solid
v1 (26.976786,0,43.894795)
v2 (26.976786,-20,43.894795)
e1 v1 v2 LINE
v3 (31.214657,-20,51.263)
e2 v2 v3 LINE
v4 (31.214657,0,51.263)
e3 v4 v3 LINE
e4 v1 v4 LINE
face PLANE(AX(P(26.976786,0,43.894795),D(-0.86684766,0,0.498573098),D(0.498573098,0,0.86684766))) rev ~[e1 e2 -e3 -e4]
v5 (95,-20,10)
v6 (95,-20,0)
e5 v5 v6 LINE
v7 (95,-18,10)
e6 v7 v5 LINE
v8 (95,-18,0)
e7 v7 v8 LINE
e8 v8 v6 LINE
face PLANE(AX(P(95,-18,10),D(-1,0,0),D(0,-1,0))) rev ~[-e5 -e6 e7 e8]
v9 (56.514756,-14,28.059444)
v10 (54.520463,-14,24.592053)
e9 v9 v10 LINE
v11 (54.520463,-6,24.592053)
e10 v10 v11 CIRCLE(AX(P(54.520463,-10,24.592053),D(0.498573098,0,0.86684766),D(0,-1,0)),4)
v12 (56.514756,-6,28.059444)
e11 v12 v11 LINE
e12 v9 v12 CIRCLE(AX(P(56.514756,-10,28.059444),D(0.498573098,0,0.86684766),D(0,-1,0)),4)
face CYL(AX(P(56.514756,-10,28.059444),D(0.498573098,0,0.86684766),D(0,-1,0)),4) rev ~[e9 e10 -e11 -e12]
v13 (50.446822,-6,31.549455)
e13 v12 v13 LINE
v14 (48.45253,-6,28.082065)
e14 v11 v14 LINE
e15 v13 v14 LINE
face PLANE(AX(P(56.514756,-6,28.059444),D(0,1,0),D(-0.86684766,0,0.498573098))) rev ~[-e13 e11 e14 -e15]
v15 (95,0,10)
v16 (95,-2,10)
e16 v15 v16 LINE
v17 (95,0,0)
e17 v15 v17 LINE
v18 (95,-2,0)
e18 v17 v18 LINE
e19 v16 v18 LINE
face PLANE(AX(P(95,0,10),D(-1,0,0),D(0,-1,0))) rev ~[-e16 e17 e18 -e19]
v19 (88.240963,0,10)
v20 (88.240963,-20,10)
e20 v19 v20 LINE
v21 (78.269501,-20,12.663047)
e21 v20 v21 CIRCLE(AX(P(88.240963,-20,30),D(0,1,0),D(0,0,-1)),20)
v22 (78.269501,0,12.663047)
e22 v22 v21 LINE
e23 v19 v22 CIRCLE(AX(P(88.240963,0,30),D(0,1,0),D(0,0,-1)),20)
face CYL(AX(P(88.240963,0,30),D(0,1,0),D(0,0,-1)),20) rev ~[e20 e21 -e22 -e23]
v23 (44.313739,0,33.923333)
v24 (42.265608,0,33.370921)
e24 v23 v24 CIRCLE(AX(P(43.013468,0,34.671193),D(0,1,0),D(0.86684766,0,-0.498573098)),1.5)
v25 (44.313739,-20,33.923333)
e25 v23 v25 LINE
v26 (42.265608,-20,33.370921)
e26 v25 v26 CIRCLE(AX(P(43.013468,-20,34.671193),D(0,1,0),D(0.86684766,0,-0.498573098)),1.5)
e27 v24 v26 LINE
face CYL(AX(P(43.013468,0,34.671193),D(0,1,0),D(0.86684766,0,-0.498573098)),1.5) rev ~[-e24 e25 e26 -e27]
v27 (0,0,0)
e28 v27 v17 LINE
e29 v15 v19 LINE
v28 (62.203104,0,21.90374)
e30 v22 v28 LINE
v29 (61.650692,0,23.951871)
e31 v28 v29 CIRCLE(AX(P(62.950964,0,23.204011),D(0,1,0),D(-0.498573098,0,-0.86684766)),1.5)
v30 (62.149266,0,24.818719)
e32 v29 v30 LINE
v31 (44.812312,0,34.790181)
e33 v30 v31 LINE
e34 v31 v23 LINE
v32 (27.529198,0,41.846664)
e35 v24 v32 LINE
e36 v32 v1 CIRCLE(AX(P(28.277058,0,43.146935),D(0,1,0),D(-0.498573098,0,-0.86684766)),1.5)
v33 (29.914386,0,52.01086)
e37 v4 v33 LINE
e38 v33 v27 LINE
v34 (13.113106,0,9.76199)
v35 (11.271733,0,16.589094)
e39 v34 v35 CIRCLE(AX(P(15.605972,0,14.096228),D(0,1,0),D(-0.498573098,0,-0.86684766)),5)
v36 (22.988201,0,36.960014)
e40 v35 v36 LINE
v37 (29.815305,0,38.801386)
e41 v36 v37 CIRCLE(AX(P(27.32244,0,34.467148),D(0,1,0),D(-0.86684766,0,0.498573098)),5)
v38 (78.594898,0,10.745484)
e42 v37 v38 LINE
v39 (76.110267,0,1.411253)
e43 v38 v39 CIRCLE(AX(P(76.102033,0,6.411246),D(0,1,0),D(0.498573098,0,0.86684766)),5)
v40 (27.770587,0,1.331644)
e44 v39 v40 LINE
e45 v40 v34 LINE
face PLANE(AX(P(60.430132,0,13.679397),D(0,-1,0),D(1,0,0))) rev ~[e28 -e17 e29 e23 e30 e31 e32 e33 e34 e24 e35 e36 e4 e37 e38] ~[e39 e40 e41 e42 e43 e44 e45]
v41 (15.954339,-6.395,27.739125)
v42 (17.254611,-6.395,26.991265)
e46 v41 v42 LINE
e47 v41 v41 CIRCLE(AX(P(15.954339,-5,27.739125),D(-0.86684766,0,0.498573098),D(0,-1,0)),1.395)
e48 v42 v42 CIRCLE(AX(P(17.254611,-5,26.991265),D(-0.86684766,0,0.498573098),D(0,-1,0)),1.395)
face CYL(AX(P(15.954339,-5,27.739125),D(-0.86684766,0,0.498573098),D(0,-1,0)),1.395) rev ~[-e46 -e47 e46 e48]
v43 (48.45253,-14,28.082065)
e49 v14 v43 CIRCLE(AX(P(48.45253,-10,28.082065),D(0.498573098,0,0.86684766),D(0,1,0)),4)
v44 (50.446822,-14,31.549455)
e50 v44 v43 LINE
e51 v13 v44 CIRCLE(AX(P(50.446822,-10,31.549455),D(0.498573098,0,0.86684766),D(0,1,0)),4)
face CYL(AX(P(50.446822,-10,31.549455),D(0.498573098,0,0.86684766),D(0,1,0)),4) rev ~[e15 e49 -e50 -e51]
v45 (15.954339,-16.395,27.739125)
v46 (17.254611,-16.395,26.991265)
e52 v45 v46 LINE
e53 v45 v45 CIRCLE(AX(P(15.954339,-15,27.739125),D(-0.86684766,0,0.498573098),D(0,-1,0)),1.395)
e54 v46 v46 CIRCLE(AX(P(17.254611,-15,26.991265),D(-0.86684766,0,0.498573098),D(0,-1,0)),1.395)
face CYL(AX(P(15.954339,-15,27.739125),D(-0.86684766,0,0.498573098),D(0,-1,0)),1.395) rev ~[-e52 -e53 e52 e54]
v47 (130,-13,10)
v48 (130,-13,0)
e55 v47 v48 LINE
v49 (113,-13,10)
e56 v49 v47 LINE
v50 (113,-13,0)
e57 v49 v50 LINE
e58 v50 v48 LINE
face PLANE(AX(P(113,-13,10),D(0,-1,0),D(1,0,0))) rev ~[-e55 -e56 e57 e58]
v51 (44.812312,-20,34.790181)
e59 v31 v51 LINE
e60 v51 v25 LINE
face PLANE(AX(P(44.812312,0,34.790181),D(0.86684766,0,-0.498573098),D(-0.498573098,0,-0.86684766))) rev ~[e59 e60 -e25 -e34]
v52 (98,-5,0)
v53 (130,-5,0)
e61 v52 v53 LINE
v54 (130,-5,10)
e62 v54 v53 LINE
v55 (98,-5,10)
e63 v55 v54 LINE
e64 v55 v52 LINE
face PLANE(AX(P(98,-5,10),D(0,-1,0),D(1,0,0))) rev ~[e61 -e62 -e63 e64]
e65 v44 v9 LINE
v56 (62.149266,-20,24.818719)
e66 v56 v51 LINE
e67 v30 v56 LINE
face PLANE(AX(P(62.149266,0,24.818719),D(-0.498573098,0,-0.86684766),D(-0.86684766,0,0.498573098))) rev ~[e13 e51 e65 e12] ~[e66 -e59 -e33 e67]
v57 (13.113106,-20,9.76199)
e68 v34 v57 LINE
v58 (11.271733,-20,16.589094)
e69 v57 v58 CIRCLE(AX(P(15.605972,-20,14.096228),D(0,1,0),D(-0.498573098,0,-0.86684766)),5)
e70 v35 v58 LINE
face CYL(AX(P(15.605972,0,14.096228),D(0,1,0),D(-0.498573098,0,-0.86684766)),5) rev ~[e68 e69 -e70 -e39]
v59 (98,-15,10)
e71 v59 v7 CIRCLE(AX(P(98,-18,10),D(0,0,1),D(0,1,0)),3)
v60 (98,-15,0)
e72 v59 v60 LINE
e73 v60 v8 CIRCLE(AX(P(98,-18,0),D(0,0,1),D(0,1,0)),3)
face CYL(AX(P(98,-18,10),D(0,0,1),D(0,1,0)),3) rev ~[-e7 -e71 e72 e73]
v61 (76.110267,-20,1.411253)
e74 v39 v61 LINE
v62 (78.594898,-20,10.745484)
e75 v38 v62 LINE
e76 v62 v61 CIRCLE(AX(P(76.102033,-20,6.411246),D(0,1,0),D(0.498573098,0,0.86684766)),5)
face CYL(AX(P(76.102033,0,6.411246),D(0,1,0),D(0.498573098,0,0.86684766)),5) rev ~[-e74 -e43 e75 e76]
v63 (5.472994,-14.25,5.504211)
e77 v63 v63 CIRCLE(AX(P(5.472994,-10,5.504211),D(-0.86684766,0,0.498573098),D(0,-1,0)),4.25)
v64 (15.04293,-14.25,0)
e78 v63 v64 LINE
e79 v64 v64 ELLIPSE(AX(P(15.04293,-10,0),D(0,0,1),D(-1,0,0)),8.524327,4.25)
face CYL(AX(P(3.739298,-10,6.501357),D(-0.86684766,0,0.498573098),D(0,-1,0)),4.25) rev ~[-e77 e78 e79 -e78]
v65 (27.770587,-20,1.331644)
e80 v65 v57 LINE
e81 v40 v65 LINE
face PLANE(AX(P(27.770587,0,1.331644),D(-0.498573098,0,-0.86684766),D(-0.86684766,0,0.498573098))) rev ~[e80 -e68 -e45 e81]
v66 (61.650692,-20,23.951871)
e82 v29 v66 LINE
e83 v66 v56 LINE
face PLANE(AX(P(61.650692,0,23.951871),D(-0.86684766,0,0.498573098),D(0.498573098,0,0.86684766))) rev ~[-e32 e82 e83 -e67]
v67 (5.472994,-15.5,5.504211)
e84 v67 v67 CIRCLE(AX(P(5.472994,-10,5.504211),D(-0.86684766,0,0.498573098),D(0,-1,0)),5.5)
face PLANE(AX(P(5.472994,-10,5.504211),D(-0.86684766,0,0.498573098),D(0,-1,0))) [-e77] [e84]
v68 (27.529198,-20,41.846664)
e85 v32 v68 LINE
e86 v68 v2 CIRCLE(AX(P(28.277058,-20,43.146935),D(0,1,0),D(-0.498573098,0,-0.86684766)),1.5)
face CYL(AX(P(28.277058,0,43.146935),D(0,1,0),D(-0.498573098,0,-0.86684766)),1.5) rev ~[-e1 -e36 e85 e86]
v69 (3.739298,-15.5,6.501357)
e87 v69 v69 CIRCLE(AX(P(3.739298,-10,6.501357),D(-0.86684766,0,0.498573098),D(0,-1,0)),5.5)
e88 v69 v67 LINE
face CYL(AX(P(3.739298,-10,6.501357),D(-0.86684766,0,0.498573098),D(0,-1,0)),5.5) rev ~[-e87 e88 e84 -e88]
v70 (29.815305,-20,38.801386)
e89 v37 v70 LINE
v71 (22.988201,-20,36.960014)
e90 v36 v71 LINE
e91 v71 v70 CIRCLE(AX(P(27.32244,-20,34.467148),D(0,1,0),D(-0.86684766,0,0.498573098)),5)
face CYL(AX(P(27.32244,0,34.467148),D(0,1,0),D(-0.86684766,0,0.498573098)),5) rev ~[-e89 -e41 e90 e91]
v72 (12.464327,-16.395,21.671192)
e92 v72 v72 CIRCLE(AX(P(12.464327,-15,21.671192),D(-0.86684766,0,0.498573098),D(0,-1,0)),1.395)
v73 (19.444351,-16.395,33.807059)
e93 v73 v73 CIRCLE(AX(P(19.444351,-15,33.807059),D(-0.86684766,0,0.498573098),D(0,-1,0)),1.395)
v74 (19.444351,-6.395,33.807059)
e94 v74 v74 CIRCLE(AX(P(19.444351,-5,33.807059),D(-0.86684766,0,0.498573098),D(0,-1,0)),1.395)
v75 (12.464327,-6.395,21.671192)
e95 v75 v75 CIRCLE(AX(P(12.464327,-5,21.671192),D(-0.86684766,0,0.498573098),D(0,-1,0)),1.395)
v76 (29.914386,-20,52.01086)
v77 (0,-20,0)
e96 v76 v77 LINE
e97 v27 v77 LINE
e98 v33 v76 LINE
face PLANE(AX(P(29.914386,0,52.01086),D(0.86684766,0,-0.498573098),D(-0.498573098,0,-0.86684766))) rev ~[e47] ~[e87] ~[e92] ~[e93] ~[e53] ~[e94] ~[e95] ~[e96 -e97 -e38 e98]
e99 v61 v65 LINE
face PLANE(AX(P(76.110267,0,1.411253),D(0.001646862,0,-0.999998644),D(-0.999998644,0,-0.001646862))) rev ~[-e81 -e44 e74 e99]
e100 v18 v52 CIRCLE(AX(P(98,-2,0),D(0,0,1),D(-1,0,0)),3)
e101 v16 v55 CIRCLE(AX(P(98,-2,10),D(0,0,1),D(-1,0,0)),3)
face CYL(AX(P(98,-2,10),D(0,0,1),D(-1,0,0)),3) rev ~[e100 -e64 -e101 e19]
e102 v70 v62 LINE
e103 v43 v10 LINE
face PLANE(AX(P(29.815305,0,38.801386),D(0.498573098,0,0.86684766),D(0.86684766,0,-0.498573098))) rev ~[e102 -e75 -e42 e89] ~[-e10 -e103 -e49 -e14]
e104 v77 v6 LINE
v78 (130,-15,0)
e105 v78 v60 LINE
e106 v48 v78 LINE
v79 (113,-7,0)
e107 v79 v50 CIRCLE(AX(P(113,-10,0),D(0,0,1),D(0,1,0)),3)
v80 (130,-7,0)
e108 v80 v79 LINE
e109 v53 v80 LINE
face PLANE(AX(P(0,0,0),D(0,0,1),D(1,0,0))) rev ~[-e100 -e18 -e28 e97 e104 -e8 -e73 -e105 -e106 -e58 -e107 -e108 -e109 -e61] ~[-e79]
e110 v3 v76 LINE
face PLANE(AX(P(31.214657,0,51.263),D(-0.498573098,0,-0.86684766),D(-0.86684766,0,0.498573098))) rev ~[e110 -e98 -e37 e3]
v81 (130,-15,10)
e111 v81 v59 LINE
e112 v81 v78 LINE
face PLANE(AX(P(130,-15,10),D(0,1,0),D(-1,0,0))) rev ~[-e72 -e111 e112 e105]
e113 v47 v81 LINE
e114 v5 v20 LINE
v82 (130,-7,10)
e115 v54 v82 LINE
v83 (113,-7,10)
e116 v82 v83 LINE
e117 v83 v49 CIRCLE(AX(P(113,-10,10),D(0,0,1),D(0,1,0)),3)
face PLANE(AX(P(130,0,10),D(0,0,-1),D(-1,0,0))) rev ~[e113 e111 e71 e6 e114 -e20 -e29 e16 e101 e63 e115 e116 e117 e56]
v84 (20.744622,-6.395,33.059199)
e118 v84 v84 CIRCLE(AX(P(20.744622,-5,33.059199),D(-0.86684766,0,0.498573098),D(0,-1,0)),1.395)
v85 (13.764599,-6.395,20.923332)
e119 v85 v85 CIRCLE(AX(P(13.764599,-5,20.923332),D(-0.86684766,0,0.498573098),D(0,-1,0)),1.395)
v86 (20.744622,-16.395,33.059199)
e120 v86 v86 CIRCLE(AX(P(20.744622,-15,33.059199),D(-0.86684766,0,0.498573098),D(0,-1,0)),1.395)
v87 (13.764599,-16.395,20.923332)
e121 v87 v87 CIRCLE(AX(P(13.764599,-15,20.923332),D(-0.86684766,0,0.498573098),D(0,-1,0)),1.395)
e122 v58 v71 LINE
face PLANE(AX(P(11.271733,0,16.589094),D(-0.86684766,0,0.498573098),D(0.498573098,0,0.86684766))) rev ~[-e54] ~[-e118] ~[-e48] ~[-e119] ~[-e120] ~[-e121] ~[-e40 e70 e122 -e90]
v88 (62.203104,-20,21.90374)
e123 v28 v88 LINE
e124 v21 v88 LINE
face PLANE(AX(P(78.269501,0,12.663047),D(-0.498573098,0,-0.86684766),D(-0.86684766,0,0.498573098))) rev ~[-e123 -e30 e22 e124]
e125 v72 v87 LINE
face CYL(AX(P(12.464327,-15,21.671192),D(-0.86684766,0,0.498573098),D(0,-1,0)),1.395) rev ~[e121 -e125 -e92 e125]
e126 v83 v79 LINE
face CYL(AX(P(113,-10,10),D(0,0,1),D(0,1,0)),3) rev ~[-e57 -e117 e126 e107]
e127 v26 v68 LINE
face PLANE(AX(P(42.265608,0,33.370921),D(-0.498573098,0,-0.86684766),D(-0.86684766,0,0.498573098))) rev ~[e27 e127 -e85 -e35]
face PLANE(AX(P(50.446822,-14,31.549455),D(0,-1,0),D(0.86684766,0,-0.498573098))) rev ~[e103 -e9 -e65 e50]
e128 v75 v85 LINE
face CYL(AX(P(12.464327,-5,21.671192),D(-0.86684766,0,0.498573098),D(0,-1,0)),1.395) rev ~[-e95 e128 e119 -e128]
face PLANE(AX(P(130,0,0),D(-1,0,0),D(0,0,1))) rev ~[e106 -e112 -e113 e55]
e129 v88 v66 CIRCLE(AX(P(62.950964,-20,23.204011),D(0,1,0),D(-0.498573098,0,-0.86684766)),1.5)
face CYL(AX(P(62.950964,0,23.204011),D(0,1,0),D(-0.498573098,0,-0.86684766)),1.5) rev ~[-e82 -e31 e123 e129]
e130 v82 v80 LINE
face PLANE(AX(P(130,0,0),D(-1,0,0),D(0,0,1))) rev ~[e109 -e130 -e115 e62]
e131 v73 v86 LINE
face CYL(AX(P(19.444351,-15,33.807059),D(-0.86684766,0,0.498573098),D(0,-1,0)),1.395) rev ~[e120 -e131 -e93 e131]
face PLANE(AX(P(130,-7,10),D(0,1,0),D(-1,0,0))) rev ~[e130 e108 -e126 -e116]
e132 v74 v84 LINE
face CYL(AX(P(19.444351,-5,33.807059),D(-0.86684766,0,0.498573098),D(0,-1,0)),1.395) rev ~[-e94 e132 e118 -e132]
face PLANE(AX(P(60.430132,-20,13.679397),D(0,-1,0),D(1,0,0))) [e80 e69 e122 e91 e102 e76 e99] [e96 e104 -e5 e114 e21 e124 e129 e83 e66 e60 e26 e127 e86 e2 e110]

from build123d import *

# Parameters (mm, degrees)
F1_DEPTH  = 20
F2_R      = 4.25
F2_R_2    = 1.395
F3_DEPTH  = 30
F2_R_3    = 5.5
F4_DEPTH  = 2
F6_DEPTH  = 25
F8_DEPTH  = 10.001
F10_DEPTH = 15


with BuildPart() as f1:
    # F0 (on Front) → F1 (new body)
    with BuildSketch(Plane.XZ):
        with BuildLine():
            Line((29.9143858576, 52.0108596234), (0, 0))
            Line((0, 0), (130, 0))
            Line((130, 0), (130, 10))
            Line((130, 10), (88.2409628552, 10))
            ThreePointArc((88.2409628552, 10), (83.0804911789, 10.6772276296), (78.2695009027, 12.6630467922))
            Line((78.2695009027, 12.6630467922), (62.2031042781, 21.9037398215))
            ThreePointArc((62.2031042781, 21.9037398215), (61.5027165088, 22.8133971511), (61.650692434, 23.9518709585))
            Line((61.650692434, 23.9518709585), (62.1492655316, 24.8187186189))
            Line((62.1492655316, 24.8187186189), (44.8123123238, 34.7901805715))
            Line((44.8123123238, 34.7901805715), (44.3137392262, 33.9233329111))
            ThreePointArc((44.3137392262, 33.9233329111), (43.4040818966, 33.2229451418), (42.2656080891, 33.3709210669))
            Line((42.2656080891, 33.3709210669), (27.5291978625, 41.8466637266))
            ThreePointArc((27.5291978625, 41.8466637266), (26.8288100932, 42.7563210562), (26.9767860184, 43.8947948636))
            Line((26.9767860184, 43.8947948636), (31.2146573482, 51.2629999769))
            Line((31.2146573482, 51.2629999769), (29.9143858576, 52.0108596234))
        make_face()
        with BuildLine():
            Line((27.7705867405, 1.3316440692), (13.1131062569, 9.7619897713))
            ThreePointArc((13.1131062569, 9.7619897713), (10.7784803592, 12.7941808699), (11.2717334431, 16.5890935613))
            Line((11.2717334431, 16.5890935613), (22.9882012374, 36.9600135805))
            ThreePointArc((22.9882012374, 36.9600135805), (26.020392336, 39.2946394782), (29.8153050274, 38.8013863943))
            Line((29.8153050274, 38.8013863943), (78.5948983283, 10.7454844818))
            ThreePointArc((78.5948983283, 10.7454844818), (80.9337866185, 5.1251064419), (76.1102671502, 1.4112529602))
            Line((76.1102671502, 1.4112529602), (27.7705867405, 1.3316440692))
        make_face(mode=Mode.SUBTRACT)
    extrude(amount=F1_DEPTH)

    # F2 (on face) → F3 (cut)
    with BuildSketch(Plane(origin=(0, 0, 0), x_dir=(0, -1, 0), z_dir=(-0.8668476604, 0, 0.4985730976))):
        with Locations((10, 7.5)):
            Circle(F2_R)
        with Locations((5, 39)):
            Circle(F2_R_2)
        with Locations((5, 32)):
            Circle(F2_R_2)
        with Locations((15, 32)):
            Circle(F2_R_2)
        with Locations((15, 39)):
            Circle(F2_R_2)
        with Locations((5, 25)):
            Circle(F2_R_2)
        with Locations((15, 25)):
            Circle(F2_R_2)
    extrude(amount=-F3_DEPTH, mode=Mode.SUBTRACT)

    # F2 (on face) → F4 (cut)
    with BuildSketch(Plane(origin=(0, 0, 0), x_dir=(0, -1, 0), z_dir=(-0.8668476604, 0, 0.4985730976))):
        with Locations((10, 7.5)):
            Circle(F2_R_3)
        with Locations((10, 7.5)):
            Circle(F2_R, mode=Mode.SUBTRACT)
    extrude(amount=-F4_DEPTH, mode=Mode.SUBTRACT)

    # F5 (on face) → F6 (cut)
    with BuildSketch(Plane.XY.offset(10)):
        with BuildLine():
            Line((95, -18), (95, -20))
            Line((95, -20), (130, -20))
            Line((130, -20), (130, -15))
            Line((130, -15), (98, -15))
            ThreePointArc((98, -15), (95.8786796564, -15.8786796564), (95, -18))
        make_face()
        with BuildLine():
            Line((130, 0), (95, 0))
            Line((95, 0), (95, -2))
            ThreePointArc((95, -2), (95.8786796564, -4.1213203436), (98, -5))
            Line((98, -5), (130, -5))
            Line((130, -5), (130, 0))
        make_face()
    extrude(amount=-F6_DEPTH, mode=Mode.SUBTRACT)

    # F7 (on face) → F8 (cut, through all)
    with BuildSketch(Plane.XY.offset(10)):
        with BuildLine():
            Line((130, -13), (130, -7))
            Line((130, -7), (113, -7))
            ThreePointArc((113, -7), (110, -10), (113, -13))
            Line((113, -13), (130, -13))
        make_face()
    extrude(amount=-F8_DEPTH, mode=Mode.SUBTRACT)

    # F9 (on face) → F10 (cut)
    with BuildSketch(Plane(origin=(26.1750876254, 0, 45.5095021704), x_dir=(0.8668476604, 0, -0.4985730976), z_dir=(0.4985730976, 0, 0.8668476604))):
        with BuildLine():
            ThreePointArc((28, -6), (24, -10), (28, -14))
            Line((28, -14), (35, -14))
            ThreePointArc((35, -14), (39, -10), (35, -6))
            Line((35, -6), (28, -6))
        make_face()
    extrude(amount=-F10_DEPTH, mode=Mode.SUBTRACT)


solid = f1.part
